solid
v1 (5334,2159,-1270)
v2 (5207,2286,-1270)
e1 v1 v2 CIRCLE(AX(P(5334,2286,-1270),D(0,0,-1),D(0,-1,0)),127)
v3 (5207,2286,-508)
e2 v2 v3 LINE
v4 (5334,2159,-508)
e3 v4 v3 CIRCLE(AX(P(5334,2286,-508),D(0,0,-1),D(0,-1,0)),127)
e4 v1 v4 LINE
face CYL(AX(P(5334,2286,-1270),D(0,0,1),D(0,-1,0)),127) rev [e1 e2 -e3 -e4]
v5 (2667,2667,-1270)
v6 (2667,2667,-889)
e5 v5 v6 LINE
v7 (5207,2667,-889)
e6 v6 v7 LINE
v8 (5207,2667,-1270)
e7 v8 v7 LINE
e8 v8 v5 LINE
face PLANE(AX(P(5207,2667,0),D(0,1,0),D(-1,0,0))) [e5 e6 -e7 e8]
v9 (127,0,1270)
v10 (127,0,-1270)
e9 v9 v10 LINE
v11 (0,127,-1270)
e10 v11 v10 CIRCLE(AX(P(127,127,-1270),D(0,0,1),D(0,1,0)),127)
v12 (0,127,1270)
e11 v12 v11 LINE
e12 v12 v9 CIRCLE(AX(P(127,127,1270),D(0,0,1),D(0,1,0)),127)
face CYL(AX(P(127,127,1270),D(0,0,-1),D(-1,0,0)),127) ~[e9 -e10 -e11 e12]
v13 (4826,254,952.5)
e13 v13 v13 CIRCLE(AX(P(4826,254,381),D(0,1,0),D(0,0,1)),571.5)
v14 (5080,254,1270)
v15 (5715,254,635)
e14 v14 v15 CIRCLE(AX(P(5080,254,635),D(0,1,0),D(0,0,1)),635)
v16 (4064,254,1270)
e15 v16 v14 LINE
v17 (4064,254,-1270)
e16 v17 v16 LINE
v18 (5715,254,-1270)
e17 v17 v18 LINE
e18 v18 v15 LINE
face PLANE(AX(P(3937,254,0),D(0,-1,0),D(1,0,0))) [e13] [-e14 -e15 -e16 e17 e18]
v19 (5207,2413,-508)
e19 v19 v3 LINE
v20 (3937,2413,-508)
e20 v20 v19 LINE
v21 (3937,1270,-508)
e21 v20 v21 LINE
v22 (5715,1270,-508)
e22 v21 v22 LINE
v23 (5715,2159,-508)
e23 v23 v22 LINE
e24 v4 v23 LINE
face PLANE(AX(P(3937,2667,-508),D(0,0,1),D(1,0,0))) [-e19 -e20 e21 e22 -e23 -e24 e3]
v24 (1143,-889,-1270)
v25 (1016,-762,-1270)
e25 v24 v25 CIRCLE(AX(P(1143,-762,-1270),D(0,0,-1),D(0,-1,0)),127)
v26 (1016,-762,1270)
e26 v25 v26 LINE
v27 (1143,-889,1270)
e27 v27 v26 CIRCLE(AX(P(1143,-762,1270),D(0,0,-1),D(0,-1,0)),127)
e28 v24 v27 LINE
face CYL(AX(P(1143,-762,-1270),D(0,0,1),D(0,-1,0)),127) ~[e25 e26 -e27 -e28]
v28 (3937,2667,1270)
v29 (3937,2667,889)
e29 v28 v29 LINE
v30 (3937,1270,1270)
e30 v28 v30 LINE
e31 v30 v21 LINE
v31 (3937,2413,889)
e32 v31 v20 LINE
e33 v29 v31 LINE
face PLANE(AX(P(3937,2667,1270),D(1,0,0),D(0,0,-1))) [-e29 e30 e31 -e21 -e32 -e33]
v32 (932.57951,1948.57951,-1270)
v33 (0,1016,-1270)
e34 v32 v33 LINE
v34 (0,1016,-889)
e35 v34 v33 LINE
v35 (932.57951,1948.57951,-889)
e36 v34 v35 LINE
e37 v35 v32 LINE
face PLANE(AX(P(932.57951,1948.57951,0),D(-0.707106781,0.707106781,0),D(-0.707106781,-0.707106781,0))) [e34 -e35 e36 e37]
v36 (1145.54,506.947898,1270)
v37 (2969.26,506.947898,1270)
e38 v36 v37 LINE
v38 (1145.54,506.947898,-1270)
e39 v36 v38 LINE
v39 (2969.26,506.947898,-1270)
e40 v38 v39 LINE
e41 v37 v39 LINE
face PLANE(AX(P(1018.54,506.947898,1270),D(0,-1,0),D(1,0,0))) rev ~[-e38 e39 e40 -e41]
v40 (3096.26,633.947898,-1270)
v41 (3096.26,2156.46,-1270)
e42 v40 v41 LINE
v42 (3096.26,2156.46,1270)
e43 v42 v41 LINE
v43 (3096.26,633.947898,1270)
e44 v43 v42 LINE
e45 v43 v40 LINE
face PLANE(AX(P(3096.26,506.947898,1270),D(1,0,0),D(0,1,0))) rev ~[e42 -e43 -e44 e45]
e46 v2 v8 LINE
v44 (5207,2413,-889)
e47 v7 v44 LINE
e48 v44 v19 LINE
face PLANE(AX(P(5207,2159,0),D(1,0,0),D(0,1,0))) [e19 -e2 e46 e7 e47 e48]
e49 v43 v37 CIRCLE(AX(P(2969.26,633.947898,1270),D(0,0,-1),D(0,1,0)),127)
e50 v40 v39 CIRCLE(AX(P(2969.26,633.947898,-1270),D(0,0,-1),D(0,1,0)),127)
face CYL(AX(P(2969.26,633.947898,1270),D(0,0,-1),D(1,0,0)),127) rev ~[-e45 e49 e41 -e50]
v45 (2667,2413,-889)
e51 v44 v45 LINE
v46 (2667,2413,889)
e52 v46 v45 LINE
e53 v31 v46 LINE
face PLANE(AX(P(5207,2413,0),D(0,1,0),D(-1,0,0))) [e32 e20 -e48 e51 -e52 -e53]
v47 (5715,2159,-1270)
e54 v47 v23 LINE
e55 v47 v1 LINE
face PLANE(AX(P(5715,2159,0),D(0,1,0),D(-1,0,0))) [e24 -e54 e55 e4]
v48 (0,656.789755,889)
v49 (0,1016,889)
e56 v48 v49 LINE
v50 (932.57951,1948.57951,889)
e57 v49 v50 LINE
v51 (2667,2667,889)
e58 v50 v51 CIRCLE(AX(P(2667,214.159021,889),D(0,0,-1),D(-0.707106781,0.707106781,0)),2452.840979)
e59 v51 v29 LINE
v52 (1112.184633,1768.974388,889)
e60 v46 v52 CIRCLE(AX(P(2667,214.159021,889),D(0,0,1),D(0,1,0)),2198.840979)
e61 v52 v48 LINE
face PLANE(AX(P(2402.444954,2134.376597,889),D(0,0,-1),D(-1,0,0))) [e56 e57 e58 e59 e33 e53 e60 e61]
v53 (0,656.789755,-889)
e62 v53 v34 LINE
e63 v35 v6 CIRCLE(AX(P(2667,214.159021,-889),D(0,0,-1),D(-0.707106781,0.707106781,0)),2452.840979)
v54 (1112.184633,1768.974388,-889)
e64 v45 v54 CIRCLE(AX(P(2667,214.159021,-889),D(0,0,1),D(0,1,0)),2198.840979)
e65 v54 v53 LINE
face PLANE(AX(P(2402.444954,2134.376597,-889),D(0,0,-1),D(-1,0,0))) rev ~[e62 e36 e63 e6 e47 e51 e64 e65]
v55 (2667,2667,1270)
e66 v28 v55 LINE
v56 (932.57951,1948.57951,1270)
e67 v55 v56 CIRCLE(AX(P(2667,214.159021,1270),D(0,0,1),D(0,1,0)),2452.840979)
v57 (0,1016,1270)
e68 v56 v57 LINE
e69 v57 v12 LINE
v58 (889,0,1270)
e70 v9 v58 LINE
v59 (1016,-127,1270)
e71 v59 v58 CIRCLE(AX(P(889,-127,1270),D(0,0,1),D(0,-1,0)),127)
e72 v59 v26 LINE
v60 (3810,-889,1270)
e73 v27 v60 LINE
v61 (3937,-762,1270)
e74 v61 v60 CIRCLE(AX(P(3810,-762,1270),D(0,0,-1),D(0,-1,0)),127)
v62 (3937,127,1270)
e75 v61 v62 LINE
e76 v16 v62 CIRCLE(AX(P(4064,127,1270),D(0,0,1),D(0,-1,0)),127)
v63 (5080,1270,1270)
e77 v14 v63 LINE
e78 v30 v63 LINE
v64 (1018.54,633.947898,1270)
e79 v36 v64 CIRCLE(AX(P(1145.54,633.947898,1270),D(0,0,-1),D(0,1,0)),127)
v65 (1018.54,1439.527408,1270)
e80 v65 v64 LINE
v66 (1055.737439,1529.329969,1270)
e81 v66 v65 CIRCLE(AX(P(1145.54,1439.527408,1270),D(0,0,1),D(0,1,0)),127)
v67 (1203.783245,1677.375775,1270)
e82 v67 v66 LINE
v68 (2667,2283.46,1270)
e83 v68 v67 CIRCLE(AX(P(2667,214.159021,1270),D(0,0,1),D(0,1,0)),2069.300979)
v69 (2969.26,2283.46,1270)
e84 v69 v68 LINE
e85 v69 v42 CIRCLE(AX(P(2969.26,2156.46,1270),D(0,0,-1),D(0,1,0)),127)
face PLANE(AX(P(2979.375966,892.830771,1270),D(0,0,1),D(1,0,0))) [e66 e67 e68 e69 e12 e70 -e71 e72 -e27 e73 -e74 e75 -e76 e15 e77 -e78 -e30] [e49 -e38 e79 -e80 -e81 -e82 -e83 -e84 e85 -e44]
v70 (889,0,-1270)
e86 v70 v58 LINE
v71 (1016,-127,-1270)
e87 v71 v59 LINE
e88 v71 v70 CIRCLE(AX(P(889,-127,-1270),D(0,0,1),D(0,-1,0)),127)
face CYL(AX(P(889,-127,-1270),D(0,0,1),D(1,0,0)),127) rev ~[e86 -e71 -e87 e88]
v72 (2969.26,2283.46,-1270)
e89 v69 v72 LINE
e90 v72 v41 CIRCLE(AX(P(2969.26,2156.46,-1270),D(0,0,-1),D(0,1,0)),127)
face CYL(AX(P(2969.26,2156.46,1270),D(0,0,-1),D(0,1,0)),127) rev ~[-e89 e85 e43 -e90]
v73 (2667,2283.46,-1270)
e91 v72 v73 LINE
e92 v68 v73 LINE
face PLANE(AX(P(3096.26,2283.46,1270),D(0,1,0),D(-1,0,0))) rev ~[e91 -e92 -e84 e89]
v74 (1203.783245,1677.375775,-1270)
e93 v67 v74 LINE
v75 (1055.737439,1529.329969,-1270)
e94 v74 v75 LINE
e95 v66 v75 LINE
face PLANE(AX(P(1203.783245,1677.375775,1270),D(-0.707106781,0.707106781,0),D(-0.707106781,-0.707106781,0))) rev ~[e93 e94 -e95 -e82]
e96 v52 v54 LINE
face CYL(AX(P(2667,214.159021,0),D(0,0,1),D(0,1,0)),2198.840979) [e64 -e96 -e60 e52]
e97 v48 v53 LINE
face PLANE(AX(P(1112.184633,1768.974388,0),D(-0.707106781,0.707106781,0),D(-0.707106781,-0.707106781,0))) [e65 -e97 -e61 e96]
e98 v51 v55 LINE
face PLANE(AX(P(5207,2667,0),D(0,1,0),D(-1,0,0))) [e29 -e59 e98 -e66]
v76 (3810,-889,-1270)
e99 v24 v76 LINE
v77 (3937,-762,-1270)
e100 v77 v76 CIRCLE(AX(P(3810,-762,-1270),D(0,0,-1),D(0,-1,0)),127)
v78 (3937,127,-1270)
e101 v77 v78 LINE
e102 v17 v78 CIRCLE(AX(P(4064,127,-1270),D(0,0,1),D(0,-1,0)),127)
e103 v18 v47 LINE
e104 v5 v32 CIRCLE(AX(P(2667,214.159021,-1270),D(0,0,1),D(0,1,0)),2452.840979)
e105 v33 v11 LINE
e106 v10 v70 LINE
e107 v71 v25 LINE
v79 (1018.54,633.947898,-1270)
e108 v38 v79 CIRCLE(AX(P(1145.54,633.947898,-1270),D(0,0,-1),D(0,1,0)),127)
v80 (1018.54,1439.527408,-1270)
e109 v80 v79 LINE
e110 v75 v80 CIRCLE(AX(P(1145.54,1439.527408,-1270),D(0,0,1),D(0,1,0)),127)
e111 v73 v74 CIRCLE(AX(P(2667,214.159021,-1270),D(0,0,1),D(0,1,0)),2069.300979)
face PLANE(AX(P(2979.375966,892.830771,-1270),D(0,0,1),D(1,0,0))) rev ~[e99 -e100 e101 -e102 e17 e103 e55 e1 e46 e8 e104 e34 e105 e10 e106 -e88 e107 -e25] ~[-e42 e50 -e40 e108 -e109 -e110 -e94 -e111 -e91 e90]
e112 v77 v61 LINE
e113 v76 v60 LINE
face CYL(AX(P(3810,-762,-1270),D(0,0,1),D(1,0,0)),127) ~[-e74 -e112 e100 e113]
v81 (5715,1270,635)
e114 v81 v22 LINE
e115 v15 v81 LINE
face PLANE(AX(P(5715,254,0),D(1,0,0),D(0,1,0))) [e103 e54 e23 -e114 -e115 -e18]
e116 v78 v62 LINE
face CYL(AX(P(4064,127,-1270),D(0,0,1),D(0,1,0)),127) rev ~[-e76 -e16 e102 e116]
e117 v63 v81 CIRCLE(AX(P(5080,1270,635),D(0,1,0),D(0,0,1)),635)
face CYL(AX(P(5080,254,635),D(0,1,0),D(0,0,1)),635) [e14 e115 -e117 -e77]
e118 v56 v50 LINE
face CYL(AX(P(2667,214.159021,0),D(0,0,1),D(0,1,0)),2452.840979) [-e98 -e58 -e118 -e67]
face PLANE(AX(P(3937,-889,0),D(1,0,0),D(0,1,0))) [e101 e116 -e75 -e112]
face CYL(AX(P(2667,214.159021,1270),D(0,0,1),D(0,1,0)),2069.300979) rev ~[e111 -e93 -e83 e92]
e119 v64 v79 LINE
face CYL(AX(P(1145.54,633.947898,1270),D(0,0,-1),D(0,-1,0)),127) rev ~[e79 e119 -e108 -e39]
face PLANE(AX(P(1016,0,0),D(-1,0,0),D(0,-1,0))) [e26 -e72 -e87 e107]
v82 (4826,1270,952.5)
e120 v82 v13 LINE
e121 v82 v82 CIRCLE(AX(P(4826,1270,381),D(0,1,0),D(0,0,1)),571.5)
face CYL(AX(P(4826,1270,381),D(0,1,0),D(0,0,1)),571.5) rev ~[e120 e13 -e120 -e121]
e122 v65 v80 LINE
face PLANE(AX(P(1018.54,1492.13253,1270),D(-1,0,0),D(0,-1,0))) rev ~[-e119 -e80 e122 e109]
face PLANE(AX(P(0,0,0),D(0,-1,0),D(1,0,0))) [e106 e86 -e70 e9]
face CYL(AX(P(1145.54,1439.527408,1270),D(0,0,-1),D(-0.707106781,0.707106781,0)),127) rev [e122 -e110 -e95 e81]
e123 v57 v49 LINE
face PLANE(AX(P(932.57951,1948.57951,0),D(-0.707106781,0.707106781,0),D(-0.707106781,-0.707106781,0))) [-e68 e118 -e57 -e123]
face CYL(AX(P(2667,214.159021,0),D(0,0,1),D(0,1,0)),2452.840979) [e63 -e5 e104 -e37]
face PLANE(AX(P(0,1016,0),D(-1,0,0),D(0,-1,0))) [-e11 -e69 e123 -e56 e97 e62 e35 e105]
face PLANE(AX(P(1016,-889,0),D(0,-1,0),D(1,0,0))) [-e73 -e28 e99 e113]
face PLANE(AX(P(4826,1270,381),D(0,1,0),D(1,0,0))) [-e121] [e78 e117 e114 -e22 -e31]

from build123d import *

# Parameters (mm, degrees)
BOSS_EXTRUDE1_DEPTH = 1270
CUT_EXTRUDE2_DEPTH  = 6799.949477677
CUT_EXTRUDE3_DEPTH  = 889
SKETCH5_W           = 1778
SKETCH5_H           = 1778
CUT_EXTRUDE4_DEPTH  = 1397
SKETCH6_R           = 571.5
CUT_EXTRUDE5_DEPTH  = 6240.824196241
FILLET1_R           = 635
FILLET2_R           = 127
FILLET3_R           = 127


with BuildPart() as part:
    # Sketch1 → Boss-Extrude1 (new, symmetric)
    with BuildSketch(Plane.XY):
        with BuildLine():
            Line((0, 0), (1016, 0))
            Line((1016, 0), (1016, -889))
            Line((1016, -889), (3937, -889))
            Line((3937, -889), (3937, 254))
            Line((3937, 254), (5715, 254))
            Line((5715, 254), (5715, 2159))
            Line((5715, 2159), (5207, 2159))
            Line((5207, 2159), (5207, 2667))
            Line((5207, 2667), (2667, 2667))
            ThreePointArc((2667, 2667), (1728.338394969, 2480.288597975), (932.579510314, 1948.579510314))
            Line((932.579510314, 1948.579510314), (0, 1016))
            Line((0, 1016), (0, 0))
        make_face()
    extrude(amount=BOSS_EXTRUDE1_DEPTH, both=True)

    # Sketch3 → Cut-Extrude2 (cut, through all)
    with BuildSketch(Plane.XY.offset(1270)):
        with BuildLine():
            Line((3096.26, 2283.46), (2667, 2283.46))
            ThreePointArc((2667, 2283.46), (1875.112798618, 2125.943842075), (1203.783245171, 1677.375775458))
            Line((1203.783245171, 1677.375775458), (1018.54, 1492.132530287))
            Line((1018.54, 1492.132530287), (1018.54, 506.947897552))
            Line((1018.54, 506.947897552), (3096.26, 506.947897552))
            Line((3096.26, 506.947897552), (3096.26, 2283.46))
        make_face()
    extrude(amount=-CUT_EXTRUDE2_DEPTH, mode=Mode.SUBTRACT)

    # Sketch4 → Cut-Extrude3 (cut, symmetric)
    with BuildSketch(Plane.XY):
        with BuildLine():
            Line((5207, 2413), (2667, 2413))
            ThreePointArc((2667, 2413), (1825.539986789, 2245.623196717), (1112.184632736, 1768.974387893))
            Line((1112.184632736, 1768.974387893), (0, 656.789755157))
            Line((0, 656.789755157), (0, 1016))
            Line((0, 1016), (932.579510314, 1948.579510314))
            ThreePointArc((932.579510314, 1948.579510314), (1728.338394969, 2480.288597975), (2667, 2667))
            Line((2667, 2667), (5207, 2667))
            Line((5207, 2667), (5207, 2413))
        make_face()
    extrude(amount=CUT_EXTRUDE3_DEPTH, both=True, mode=Mode.SUBTRACT)

    # Sketch5 → Cut-Extrude4 (cut)
    with BuildSketch(Plane(origin=(0, 2667, 0), x_dir=(1, 0, 0), z_dir=(0, 1, 0))):
        with Locations((4826, -381)):
            Rectangle(SKETCH5_W, SKETCH5_H)
    extrude(amount=-CUT_EXTRUDE4_DEPTH, mode=Mode.SUBTRACT)

    # Sketch6 → Cut-Extrude5 (cut, through all)
    with BuildSketch(Plane(origin=(0, 1270, 0), x_dir=(1, 0, 0), z_dir=(0, 1, 0))):
        with Locations(Location((4826, -381, 0), (0, 0, 270))):
            Circle(SKETCH6_R)
    extrude(amount=-CUT_EXTRUDE5_DEPTH, mode=Mode.SUBTRACT)

    # Fillet1
    fillet1_edges = [part.edges().sort_by_distance(p)[0] for p in [
        (5715, 762, 1270),
    ]]
    fillet(fillet1_edges, radius=FILLET1_R)

    # Fillet2
    fillet2_edges = [part.edges().sort_by_distance(p)[0] for p in [
        (3937, 254, 0),
        (3937, -889, 0),
        (1016, -889, 0),
        (1016, 0, 0),
        (0, 0, 0),
        (5207, 2159, -889),
    ]]
    fillet(fillet2_edges, radius=FILLET2_R)

    # Fillet3
    fillet3_edges = [part.edges().sort_by_distance(p)[0] for p in [
        (3096.26, 2283.46, 0),
        (3096.26, 506.947897552, 0),
        (1018.54, 506.947897552, 0),
        (1018.54, 1492.132530287, 0),
    ]]
    fillet(fillet3_edges, radius=FILLET3_R)


solid = part.part
